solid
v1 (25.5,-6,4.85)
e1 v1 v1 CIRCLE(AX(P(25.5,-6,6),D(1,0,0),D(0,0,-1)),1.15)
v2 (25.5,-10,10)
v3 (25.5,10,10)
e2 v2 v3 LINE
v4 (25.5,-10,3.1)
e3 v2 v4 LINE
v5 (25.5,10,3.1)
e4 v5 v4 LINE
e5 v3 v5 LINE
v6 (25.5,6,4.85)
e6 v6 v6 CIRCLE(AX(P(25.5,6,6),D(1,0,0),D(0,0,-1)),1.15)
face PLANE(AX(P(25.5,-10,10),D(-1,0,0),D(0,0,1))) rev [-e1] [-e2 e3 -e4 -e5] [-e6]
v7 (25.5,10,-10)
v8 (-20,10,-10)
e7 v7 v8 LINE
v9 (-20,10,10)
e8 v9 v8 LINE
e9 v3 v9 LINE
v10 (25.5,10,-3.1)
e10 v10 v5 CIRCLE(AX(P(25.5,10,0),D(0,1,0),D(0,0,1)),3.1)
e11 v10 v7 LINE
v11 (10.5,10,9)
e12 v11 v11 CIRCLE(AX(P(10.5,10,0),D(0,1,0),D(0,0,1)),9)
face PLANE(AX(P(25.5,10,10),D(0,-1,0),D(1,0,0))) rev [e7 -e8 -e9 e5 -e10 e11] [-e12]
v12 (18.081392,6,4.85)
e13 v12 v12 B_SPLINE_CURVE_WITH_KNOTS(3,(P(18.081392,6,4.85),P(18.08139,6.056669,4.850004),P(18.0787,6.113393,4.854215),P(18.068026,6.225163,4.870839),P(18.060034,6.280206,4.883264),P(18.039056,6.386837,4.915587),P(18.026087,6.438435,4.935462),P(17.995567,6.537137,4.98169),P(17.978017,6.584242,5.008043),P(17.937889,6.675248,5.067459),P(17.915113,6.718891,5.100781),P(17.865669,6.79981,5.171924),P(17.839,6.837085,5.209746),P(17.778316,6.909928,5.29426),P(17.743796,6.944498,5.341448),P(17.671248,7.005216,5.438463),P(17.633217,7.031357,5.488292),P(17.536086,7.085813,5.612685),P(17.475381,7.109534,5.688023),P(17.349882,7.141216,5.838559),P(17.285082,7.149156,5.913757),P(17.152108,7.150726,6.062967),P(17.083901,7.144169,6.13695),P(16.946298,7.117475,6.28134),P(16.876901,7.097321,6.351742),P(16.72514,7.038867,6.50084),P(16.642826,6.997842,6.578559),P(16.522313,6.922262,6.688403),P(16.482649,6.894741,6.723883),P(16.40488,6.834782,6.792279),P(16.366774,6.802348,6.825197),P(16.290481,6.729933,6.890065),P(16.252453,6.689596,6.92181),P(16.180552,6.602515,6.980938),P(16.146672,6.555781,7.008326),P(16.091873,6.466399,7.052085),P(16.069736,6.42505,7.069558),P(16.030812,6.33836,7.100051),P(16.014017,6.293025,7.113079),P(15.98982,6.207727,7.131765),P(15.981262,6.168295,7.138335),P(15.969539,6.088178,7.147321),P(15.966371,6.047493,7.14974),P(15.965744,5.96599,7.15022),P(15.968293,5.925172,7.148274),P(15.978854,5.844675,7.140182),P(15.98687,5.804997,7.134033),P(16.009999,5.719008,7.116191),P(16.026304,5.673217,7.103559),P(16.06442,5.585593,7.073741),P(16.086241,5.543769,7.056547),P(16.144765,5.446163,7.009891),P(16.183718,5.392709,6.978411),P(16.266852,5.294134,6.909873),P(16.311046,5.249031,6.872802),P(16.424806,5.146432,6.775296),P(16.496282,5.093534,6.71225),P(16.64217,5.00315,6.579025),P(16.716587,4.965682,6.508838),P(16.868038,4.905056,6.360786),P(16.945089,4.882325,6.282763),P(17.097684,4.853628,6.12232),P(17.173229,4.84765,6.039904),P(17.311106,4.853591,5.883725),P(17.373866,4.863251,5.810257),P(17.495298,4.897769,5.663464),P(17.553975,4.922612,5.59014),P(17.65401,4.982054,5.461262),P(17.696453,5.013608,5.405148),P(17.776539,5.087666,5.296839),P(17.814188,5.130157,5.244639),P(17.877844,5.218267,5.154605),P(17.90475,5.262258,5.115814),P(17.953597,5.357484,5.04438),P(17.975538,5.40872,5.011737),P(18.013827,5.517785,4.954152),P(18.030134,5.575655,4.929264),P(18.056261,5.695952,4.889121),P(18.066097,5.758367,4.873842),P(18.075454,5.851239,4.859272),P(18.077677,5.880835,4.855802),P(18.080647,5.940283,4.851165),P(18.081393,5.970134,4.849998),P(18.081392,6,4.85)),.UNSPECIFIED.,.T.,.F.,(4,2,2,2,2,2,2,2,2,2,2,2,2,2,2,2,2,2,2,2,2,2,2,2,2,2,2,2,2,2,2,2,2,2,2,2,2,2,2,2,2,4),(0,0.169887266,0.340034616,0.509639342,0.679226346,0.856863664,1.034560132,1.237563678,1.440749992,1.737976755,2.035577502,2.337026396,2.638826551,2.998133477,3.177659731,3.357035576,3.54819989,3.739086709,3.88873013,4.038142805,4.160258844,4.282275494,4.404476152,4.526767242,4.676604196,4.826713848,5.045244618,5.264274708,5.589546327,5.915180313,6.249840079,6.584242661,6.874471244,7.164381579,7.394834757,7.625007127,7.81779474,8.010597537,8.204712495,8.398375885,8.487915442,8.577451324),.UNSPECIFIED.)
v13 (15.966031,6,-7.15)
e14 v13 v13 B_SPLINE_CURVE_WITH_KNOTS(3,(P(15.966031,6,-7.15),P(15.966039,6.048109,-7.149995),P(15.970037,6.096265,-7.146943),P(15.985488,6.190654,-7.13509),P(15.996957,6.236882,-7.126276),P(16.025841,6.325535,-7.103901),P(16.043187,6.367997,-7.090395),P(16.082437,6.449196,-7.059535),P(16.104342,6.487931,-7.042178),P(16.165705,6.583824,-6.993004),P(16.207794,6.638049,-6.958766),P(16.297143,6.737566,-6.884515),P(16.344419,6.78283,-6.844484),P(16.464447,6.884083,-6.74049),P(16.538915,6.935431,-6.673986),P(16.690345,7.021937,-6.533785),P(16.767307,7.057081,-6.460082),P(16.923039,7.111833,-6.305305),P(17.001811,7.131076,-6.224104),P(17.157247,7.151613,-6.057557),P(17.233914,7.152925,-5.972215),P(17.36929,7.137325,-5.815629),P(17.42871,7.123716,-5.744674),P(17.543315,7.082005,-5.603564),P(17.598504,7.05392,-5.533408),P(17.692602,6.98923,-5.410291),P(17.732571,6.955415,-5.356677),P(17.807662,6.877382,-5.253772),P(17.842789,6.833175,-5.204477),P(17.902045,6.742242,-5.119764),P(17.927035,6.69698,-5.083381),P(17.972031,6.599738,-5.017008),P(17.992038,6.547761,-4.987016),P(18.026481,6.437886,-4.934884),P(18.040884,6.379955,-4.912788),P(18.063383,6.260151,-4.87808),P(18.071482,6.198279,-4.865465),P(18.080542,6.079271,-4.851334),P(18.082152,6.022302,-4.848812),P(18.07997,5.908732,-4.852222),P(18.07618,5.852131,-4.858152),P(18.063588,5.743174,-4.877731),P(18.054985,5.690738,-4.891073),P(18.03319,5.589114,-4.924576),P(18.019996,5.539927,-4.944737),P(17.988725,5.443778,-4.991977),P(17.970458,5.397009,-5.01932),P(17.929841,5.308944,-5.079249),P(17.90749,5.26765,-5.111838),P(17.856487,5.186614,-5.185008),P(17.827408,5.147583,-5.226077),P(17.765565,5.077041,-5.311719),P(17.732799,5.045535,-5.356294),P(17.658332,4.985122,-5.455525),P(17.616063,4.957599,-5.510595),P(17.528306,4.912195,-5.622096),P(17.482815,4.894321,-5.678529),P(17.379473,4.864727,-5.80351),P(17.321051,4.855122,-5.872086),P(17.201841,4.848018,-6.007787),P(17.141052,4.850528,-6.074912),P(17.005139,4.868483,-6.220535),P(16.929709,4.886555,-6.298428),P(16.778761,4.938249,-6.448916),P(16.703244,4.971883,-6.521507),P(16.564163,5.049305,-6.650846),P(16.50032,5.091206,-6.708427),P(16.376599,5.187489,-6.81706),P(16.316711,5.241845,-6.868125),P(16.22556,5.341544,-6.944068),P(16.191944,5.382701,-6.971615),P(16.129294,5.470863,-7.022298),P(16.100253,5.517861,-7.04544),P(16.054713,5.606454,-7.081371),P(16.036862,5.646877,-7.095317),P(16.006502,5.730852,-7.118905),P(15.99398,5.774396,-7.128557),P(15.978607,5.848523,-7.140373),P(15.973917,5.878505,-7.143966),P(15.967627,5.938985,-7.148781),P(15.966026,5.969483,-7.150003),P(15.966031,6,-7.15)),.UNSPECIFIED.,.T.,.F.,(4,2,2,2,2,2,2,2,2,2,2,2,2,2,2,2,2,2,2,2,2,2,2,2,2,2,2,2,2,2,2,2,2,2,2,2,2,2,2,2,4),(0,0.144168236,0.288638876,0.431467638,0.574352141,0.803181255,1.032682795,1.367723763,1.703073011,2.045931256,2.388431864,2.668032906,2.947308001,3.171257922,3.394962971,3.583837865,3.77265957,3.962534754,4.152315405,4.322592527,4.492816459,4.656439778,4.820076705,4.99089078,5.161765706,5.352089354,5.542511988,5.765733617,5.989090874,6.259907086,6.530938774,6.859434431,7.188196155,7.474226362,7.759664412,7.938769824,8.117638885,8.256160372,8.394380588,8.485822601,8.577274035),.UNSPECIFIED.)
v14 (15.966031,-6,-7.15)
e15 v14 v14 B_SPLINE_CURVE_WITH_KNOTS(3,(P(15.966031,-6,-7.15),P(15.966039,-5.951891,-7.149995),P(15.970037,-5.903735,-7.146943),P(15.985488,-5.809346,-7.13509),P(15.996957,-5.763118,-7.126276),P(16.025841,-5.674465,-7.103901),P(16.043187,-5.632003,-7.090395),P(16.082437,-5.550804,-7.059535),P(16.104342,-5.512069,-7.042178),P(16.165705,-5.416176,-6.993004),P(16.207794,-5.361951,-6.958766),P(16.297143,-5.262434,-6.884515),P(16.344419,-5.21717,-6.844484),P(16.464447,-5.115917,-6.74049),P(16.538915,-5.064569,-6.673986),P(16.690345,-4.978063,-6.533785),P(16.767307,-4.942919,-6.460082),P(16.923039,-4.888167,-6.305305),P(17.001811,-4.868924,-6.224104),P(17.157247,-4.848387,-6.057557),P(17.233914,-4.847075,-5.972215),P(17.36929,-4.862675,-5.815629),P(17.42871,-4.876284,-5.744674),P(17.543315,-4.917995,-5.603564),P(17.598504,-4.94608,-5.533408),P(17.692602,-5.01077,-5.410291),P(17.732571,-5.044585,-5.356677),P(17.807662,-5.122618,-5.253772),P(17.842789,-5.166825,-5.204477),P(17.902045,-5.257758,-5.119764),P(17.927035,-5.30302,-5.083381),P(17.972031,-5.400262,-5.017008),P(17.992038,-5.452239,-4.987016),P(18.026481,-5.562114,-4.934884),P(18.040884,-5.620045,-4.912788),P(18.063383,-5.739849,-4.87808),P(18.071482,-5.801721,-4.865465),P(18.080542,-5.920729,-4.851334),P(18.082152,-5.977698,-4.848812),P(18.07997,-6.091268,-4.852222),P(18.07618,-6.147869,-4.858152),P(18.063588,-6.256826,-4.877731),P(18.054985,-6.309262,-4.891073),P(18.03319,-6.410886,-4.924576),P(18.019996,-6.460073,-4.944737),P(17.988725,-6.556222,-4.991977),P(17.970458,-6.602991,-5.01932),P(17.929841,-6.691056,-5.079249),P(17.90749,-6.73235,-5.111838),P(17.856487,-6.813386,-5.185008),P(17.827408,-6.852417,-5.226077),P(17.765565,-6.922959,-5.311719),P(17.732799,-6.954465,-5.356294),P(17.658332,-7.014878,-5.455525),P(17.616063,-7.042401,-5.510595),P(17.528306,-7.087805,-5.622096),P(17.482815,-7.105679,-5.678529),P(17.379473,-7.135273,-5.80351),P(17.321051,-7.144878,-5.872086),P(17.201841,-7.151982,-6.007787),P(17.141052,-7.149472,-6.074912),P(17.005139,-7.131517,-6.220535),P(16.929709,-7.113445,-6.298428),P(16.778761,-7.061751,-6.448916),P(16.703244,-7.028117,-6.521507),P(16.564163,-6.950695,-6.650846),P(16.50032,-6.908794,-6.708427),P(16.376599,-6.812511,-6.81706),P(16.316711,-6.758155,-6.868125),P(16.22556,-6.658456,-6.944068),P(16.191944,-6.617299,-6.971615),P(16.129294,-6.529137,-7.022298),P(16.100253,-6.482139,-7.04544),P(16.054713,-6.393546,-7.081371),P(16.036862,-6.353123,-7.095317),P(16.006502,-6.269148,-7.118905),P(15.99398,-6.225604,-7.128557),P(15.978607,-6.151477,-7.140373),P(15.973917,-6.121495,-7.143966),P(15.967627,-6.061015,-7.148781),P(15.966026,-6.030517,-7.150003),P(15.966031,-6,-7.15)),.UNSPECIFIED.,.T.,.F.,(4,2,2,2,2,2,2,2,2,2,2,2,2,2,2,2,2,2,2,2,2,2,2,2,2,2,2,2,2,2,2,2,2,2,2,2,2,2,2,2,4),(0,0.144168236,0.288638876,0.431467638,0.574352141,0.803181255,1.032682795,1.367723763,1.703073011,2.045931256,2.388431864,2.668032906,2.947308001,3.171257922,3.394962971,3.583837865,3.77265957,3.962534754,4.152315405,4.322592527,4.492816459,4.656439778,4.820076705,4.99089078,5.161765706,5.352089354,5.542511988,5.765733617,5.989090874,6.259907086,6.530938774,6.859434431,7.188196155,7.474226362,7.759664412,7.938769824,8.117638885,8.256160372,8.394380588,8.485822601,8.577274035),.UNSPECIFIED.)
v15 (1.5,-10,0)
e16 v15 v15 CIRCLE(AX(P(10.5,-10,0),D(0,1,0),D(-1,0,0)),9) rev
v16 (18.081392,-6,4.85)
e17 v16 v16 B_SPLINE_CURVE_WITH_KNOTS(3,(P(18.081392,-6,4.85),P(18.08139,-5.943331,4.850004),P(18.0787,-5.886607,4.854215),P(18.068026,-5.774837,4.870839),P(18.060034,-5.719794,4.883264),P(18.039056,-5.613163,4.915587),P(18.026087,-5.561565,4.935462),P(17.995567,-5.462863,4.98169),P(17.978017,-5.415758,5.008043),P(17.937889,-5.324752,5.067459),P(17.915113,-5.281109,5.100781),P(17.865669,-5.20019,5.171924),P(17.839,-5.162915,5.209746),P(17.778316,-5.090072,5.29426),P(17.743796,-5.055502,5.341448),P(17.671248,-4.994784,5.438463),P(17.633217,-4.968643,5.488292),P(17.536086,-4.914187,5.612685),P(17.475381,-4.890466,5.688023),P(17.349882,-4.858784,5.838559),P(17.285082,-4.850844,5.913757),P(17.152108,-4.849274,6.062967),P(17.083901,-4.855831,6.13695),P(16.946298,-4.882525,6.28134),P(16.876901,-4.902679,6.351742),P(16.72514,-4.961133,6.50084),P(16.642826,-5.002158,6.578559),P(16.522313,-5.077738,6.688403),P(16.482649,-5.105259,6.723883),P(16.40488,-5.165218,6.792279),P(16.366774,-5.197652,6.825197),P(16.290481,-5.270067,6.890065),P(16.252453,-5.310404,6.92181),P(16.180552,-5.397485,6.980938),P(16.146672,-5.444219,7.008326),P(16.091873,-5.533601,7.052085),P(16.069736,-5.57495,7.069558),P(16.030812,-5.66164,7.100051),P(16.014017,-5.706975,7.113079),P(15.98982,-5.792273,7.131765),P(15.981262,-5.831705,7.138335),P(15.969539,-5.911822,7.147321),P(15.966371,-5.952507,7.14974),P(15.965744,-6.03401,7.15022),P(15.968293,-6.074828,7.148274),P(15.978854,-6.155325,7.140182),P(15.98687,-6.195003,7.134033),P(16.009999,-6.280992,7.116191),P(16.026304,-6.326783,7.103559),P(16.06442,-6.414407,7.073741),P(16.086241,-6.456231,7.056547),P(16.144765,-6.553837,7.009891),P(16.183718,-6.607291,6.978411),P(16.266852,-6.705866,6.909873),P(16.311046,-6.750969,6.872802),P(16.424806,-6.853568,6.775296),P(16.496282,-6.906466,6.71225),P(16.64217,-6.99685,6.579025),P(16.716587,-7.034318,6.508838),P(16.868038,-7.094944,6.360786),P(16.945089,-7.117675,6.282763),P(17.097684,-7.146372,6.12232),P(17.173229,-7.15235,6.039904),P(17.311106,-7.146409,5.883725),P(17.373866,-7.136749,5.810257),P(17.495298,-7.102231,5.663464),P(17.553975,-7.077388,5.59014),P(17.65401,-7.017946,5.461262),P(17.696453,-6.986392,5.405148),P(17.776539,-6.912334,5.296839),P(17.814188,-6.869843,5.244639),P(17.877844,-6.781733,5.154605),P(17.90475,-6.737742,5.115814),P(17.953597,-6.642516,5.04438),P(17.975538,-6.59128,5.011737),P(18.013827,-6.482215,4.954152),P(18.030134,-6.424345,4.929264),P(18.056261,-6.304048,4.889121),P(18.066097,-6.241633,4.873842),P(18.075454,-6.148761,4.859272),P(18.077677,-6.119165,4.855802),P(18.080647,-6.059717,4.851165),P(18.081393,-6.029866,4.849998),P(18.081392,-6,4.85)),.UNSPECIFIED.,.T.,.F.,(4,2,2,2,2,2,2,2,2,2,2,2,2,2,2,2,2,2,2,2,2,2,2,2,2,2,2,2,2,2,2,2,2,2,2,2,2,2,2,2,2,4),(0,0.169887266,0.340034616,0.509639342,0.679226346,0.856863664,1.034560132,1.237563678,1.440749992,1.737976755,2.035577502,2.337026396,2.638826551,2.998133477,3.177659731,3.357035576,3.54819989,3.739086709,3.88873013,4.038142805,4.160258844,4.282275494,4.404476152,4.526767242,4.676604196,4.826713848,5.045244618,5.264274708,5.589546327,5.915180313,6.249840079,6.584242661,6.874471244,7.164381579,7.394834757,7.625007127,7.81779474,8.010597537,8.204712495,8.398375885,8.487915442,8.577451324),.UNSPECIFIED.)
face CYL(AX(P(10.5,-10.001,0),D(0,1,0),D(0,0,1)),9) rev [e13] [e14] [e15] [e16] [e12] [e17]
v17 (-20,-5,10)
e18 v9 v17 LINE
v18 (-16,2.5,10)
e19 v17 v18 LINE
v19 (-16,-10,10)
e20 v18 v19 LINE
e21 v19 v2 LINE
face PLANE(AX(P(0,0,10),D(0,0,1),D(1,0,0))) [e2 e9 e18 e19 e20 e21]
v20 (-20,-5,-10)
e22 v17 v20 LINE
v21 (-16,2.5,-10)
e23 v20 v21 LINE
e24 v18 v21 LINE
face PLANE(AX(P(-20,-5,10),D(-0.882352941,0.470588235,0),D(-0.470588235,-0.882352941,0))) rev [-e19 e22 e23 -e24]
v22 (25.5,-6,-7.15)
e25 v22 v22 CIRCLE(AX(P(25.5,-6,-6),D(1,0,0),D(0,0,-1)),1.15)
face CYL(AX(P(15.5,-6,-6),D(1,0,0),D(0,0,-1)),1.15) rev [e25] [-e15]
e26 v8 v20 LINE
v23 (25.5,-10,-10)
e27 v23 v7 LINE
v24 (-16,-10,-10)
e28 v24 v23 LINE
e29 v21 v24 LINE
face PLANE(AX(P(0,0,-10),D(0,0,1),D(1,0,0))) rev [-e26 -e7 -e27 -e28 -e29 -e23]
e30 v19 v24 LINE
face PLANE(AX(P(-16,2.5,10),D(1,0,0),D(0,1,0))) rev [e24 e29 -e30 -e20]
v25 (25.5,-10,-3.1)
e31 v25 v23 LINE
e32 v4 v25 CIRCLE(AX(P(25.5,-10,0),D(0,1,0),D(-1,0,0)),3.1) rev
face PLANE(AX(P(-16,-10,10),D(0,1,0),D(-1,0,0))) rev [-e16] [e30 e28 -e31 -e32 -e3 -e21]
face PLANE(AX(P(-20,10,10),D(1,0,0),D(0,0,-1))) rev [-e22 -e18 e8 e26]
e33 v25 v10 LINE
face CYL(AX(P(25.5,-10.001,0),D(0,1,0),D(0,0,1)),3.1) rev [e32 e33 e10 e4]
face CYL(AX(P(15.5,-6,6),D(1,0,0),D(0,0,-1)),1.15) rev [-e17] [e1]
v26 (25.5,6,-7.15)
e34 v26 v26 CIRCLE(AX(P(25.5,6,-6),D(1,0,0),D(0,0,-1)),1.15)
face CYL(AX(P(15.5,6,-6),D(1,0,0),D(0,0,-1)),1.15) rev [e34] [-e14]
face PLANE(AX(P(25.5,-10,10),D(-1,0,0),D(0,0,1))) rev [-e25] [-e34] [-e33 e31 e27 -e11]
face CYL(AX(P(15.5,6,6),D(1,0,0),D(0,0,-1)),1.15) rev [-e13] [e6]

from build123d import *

# Parameters (mm, degrees)
BOSS_EXTRUDE1_DEPTH = 10
CUT_EXTRUDE1_REACH  = 35.915
SKETCH3_R           = 9
SKETCH3_R_2         = 3.1
SKETCH4_R           = 1.15
CUT_EXTRUDE2_DEPTH  = 10


with BuildPart() as part:
    # Sketch2 → Boss-Extrude1 (new, symmetric)
    with BuildSketch(Plane.XY):
        Polygon((-16, -10), (25.5, -10), (25.5, 10), (-20, 10), (-20, -5), (-16, 2.5), align=None)
    extrude(amount=BOSS_EXTRUDE1_DEPTH, both=True)

    # Sketch3 → Cut-Extrude1 (cut, up to next)
    with BuildSketch(Plane(origin=(0, 10, 0), x_dir=(1, 0, 0), z_dir=(0, 1, 0)), mode=Mode.PRIVATE) as cut_extrude1_sk1:
        with Locations(Location((10.5, 0, 0), (0, 0, 270))):
            Circle(SKETCH3_R)
    cut_extrude1_tool1 = extrude(cut_extrude1_sk1.sketch, amount=-CUT_EXTRUDE1_REACH, mode=Mode.PRIVATE) & part.part
    # Sketch3 → Cut-Extrude1 (cut, up to next)
    with BuildSketch(Plane(origin=(0, 10, 0), x_dir=(1, 0, 0), z_dir=(0, 1, 0)), mode=Mode.PRIVATE) as cut_extrude1_sk2:
        with Locations((25.5, 0)):
            Circle(SKETCH3_R_2)
    cut_extrude1_tool2 = extrude(cut_extrude1_sk2.sketch, amount=-CUT_EXTRUDE1_REACH, mode=Mode.PRIVATE) & part.part
    add(cut_extrude1_tool1.solids().sort_by_distance((10.5, 10, 0))[0], mode=Mode.SUBTRACT)
    add(cut_extrude1_tool2.solids().sort_by_distance((25.5, 10, 0))[0], mode=Mode.SUBTRACT)

    # Sketch4 → Cut-Extrude2 (cut)
    with BuildSketch(Plane(origin=(25.5, 0, 0), x_dir=(0, 0, -1), z_dir=(1, 0, 0))):
        with Locations((-6, 6)):
            Circle(SKETCH4_R)
        with Locations((-6, -6)):
            Circle(SKETCH4_R)
        with Locations((6, -6)):
            Circle(SKETCH4_R)
        with Locations((6, 6)):
            Circle(SKETCH4_R)
    extrude(amount=-CUT_EXTRUDE2_DEPTH, mode=Mode.SUBTRACT)


solid = part.part
